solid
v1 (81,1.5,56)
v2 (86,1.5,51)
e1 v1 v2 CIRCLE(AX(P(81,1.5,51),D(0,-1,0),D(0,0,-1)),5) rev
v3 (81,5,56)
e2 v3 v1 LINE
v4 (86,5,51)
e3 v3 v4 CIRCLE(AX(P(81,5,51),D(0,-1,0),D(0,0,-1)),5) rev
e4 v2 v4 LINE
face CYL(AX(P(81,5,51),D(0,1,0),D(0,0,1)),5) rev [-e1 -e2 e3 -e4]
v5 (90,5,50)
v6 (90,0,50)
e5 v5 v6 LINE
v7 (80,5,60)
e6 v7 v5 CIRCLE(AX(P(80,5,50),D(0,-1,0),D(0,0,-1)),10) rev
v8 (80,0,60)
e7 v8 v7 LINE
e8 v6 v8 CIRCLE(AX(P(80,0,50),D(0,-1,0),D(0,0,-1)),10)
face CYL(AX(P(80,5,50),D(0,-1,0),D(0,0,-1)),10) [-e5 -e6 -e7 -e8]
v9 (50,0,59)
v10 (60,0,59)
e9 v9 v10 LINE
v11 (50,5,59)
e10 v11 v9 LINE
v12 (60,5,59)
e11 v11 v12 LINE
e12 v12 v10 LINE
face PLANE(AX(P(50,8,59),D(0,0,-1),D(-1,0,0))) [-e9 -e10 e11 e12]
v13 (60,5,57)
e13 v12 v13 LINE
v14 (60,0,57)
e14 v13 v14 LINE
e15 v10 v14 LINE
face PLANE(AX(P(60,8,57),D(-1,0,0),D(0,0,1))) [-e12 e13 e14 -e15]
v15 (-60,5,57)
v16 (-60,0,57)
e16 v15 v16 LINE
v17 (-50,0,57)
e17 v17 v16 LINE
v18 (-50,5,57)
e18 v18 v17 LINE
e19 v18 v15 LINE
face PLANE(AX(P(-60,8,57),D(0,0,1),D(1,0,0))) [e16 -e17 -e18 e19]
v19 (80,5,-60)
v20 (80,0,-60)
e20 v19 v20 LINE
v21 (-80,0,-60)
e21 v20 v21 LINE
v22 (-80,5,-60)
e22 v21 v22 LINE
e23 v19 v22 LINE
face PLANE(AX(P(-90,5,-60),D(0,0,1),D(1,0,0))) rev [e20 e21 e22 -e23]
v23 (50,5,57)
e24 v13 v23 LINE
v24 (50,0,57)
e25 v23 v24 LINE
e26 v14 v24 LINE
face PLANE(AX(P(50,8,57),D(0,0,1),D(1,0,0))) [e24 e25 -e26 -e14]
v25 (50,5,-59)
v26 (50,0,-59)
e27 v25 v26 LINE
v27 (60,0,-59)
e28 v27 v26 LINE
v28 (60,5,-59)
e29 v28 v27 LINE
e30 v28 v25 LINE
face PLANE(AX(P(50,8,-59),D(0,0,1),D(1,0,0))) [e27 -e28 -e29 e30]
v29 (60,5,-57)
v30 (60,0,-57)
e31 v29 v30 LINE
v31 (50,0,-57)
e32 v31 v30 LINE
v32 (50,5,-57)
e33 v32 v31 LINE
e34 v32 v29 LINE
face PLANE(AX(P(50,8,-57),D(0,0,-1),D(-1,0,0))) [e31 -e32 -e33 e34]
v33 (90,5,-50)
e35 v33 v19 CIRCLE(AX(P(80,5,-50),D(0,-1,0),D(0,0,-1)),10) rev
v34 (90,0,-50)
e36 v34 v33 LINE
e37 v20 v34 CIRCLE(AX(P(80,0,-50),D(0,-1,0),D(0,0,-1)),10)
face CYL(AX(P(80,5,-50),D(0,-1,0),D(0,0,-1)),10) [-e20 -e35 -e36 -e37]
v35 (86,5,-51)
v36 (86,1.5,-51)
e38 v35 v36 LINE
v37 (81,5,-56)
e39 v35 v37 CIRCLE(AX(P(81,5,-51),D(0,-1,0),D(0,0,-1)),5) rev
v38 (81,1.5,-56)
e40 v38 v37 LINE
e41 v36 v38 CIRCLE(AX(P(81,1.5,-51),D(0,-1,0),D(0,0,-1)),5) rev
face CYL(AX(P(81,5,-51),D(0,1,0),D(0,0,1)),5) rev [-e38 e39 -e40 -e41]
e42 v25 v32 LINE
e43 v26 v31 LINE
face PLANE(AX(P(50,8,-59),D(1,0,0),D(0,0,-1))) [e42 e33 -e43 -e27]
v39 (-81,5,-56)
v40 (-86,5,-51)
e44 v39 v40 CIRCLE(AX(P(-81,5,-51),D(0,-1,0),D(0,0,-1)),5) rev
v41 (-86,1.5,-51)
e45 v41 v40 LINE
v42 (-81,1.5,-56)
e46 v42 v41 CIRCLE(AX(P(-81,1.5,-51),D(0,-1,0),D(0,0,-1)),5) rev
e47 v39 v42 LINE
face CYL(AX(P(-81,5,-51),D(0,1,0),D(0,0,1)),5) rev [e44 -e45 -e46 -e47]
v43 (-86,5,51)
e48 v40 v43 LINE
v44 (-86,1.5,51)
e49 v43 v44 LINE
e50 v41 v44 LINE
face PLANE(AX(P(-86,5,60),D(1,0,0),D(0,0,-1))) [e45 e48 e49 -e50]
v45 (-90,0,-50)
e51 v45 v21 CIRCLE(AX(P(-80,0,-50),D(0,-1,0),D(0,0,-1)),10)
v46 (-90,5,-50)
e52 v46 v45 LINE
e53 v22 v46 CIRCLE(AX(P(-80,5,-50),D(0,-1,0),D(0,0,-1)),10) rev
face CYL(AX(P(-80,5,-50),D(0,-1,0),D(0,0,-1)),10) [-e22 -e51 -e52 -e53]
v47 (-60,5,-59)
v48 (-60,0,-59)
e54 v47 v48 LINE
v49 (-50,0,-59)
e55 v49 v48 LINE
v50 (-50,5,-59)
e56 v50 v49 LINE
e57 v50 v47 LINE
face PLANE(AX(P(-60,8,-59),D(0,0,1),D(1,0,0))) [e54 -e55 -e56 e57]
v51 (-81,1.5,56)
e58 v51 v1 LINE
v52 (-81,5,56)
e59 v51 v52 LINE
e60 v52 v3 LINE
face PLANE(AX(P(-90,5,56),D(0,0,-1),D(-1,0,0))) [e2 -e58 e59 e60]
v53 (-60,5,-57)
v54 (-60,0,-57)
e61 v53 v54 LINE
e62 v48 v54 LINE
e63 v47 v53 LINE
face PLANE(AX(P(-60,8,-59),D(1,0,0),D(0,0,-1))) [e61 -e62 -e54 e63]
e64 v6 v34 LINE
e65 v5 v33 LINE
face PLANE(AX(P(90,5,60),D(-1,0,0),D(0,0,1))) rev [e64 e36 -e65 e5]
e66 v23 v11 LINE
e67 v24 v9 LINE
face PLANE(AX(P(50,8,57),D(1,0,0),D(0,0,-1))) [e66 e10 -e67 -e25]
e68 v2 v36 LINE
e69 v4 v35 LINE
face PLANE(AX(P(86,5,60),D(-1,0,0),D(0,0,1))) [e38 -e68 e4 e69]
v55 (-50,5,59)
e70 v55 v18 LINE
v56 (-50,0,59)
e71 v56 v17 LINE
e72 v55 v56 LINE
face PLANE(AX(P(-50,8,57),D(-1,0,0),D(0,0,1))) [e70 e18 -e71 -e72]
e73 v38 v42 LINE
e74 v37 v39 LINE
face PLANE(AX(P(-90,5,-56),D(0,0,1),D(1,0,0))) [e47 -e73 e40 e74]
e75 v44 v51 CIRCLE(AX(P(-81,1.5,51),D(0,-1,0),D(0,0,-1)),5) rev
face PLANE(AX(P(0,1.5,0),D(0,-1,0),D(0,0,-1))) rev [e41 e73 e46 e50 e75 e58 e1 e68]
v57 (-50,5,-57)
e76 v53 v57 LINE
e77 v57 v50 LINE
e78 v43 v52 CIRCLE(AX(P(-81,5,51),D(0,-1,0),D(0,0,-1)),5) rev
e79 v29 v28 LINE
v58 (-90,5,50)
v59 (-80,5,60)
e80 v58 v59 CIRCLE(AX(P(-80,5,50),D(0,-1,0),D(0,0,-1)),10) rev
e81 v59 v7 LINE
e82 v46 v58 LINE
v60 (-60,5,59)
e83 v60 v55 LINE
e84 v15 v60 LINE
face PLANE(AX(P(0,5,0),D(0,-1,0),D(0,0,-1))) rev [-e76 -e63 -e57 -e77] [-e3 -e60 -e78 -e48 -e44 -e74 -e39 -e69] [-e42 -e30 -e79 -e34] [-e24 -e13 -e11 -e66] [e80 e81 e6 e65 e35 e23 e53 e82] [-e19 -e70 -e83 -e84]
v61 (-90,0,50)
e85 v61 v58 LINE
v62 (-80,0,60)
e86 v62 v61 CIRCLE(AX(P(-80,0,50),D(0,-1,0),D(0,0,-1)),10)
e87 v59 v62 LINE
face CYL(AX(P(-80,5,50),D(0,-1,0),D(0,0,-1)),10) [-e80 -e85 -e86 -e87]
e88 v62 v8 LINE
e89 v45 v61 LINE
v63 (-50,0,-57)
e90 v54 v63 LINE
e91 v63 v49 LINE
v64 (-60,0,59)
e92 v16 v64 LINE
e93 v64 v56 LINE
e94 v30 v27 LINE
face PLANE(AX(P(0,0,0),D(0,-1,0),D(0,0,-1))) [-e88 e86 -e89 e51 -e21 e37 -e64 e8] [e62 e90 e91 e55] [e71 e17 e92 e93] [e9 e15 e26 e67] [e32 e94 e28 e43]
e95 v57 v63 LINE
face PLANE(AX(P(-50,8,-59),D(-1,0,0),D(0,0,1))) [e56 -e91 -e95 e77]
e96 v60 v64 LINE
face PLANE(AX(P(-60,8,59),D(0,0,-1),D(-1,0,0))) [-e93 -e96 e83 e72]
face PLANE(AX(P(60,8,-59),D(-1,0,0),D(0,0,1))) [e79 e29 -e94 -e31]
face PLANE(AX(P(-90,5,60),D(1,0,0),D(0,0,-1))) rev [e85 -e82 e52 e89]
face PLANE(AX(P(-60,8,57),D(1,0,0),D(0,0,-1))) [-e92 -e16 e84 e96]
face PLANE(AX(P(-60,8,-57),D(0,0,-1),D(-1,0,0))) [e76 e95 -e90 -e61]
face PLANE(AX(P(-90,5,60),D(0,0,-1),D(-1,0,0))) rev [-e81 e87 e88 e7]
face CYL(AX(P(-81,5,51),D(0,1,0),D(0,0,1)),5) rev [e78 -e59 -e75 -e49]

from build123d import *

# Parameters (mm, degrees)
SKETCH1_W           = 180
SKETCH1_H           = 120
BOSS_EXTRUDE1_DEPTH = 5
FILLET1_R           = 10
FILLET2_R           = 10
FILLET3_R           = 10
FILLET4_R           = 10
SHELL1_T            = -4
SKETCH6_W           = 172
SKETCH6_H           = 112
CUT_EXTRUDE1_DEPTH  = 8.5
FILLET5_R           = 5
FILLET6_R           = 5
FILLET7_R           = 5
FILLET8_R           = 5
SKETCH8_W           = 10
SKETCH8_H           = 2
CUT_EXTRUDE2_DEPTH  = 8


with BuildPart() as part:
    # Sketch1 → Boss-Extrude1 (new body)
    with BuildSketch(Plane(origin=(0, 0, 0), x_dir=(1, 0, 0), z_dir=(0, 1, 0))):
        Rectangle(SKETCH1_W, SKETCH1_H)
    extrude(amount=BOSS_EXTRUDE1_DEPTH)

    # Fillet1
    fillet1_edges = [part.edges().sort_by_distance(p)[0] for p in [
        (-90, 2.5, 60),
    ]]
    fillet(fillet1_edges, radius=FILLET1_R)

    # Fillet2
    fillet2_edges = [part.edges().sort_by_distance(p)[0] for p in [
        (90, 2.5, 60),
    ]]
    fillet(fillet2_edges, radius=FILLET2_R)

    # Fillet3
    fillet3_edges = [part.edges().sort_by_distance(p)[0] for p in [
        (90, 2.5, -60),
    ]]
    fillet(fillet3_edges, radius=FILLET3_R)

    # Fillet4
    fillet4_edges = [part.edges().sort_by_distance(p)[0] for p in [
        (-90, 2.5, -60),
    ]]
    fillet(fillet4_edges, radius=FILLET4_R)

    # Shell1
    shell1_openings = [part.faces().sort_by_distance(p)[0] for p in [
        (0, 5, 0),
    ]]
    offset(amount=SHELL1_T, openings=shell1_openings, kind=Kind.INTERSECTION)

    # Sketch6 → Cut-Extrude1 (cut)
    with BuildSketch(Plane(origin=(0, 10, 0), x_dir=(1, 0, 0), z_dir=(0, 1, 0))):
        Rectangle(SKETCH6_W, SKETCH6_H)
    extrude(amount=-CUT_EXTRUDE1_DEPTH, mode=Mode.SUBTRACT)

    # Fillet5
    fillet5_edges = [part.edges().sort_by_distance(p)[0] for p in [
        (-86, 3.25, -56),
    ]]
    fillet(fillet5_edges, radius=FILLET5_R)

    # Fillet6
    fillet6_edges = [part.edges().sort_by_distance(p)[0] for p in [
        (86, 3.25, -56),
    ]]
    fillet(fillet6_edges, radius=FILLET6_R)

    # Fillet7
    fillet7_edges = [part.edges().sort_by_distance(p)[0] for p in [
        (-86, 3.25, 56),
    ]]
    fillet(fillet7_edges, radius=FILLET7_R)

    # Fillet8
    fillet8_edges = [part.edges().sort_by_distance(p)[0] for p in [
        (86, 3.25, 56),
    ]]
    fillet(fillet8_edges, radius=FILLET8_R)

    # Sketch8 → Cut-Extrude2 (cut)
    with BuildSketch(Plane(origin=(0, 0, 0), x_dir=(1, 0, 0), z_dir=(0, 1, 0))):
        with Locations((-55, 58)):
            Rectangle(SKETCH8_W, SKETCH8_H)
        with Locations((55, 58)):
            Rectangle(SKETCH8_W, SKETCH8_H)
        with Locations((55, -58)):
            Rectangle(SKETCH8_W, SKETCH8_H)
        with Locations((-55, -58)):
            Rectangle(SKETCH8_W, SKETCH8_H)
    extrude(amount=CUT_EXTRUDE2_DEPTH, mode=Mode.SUBTRACT)


solid = part.part
